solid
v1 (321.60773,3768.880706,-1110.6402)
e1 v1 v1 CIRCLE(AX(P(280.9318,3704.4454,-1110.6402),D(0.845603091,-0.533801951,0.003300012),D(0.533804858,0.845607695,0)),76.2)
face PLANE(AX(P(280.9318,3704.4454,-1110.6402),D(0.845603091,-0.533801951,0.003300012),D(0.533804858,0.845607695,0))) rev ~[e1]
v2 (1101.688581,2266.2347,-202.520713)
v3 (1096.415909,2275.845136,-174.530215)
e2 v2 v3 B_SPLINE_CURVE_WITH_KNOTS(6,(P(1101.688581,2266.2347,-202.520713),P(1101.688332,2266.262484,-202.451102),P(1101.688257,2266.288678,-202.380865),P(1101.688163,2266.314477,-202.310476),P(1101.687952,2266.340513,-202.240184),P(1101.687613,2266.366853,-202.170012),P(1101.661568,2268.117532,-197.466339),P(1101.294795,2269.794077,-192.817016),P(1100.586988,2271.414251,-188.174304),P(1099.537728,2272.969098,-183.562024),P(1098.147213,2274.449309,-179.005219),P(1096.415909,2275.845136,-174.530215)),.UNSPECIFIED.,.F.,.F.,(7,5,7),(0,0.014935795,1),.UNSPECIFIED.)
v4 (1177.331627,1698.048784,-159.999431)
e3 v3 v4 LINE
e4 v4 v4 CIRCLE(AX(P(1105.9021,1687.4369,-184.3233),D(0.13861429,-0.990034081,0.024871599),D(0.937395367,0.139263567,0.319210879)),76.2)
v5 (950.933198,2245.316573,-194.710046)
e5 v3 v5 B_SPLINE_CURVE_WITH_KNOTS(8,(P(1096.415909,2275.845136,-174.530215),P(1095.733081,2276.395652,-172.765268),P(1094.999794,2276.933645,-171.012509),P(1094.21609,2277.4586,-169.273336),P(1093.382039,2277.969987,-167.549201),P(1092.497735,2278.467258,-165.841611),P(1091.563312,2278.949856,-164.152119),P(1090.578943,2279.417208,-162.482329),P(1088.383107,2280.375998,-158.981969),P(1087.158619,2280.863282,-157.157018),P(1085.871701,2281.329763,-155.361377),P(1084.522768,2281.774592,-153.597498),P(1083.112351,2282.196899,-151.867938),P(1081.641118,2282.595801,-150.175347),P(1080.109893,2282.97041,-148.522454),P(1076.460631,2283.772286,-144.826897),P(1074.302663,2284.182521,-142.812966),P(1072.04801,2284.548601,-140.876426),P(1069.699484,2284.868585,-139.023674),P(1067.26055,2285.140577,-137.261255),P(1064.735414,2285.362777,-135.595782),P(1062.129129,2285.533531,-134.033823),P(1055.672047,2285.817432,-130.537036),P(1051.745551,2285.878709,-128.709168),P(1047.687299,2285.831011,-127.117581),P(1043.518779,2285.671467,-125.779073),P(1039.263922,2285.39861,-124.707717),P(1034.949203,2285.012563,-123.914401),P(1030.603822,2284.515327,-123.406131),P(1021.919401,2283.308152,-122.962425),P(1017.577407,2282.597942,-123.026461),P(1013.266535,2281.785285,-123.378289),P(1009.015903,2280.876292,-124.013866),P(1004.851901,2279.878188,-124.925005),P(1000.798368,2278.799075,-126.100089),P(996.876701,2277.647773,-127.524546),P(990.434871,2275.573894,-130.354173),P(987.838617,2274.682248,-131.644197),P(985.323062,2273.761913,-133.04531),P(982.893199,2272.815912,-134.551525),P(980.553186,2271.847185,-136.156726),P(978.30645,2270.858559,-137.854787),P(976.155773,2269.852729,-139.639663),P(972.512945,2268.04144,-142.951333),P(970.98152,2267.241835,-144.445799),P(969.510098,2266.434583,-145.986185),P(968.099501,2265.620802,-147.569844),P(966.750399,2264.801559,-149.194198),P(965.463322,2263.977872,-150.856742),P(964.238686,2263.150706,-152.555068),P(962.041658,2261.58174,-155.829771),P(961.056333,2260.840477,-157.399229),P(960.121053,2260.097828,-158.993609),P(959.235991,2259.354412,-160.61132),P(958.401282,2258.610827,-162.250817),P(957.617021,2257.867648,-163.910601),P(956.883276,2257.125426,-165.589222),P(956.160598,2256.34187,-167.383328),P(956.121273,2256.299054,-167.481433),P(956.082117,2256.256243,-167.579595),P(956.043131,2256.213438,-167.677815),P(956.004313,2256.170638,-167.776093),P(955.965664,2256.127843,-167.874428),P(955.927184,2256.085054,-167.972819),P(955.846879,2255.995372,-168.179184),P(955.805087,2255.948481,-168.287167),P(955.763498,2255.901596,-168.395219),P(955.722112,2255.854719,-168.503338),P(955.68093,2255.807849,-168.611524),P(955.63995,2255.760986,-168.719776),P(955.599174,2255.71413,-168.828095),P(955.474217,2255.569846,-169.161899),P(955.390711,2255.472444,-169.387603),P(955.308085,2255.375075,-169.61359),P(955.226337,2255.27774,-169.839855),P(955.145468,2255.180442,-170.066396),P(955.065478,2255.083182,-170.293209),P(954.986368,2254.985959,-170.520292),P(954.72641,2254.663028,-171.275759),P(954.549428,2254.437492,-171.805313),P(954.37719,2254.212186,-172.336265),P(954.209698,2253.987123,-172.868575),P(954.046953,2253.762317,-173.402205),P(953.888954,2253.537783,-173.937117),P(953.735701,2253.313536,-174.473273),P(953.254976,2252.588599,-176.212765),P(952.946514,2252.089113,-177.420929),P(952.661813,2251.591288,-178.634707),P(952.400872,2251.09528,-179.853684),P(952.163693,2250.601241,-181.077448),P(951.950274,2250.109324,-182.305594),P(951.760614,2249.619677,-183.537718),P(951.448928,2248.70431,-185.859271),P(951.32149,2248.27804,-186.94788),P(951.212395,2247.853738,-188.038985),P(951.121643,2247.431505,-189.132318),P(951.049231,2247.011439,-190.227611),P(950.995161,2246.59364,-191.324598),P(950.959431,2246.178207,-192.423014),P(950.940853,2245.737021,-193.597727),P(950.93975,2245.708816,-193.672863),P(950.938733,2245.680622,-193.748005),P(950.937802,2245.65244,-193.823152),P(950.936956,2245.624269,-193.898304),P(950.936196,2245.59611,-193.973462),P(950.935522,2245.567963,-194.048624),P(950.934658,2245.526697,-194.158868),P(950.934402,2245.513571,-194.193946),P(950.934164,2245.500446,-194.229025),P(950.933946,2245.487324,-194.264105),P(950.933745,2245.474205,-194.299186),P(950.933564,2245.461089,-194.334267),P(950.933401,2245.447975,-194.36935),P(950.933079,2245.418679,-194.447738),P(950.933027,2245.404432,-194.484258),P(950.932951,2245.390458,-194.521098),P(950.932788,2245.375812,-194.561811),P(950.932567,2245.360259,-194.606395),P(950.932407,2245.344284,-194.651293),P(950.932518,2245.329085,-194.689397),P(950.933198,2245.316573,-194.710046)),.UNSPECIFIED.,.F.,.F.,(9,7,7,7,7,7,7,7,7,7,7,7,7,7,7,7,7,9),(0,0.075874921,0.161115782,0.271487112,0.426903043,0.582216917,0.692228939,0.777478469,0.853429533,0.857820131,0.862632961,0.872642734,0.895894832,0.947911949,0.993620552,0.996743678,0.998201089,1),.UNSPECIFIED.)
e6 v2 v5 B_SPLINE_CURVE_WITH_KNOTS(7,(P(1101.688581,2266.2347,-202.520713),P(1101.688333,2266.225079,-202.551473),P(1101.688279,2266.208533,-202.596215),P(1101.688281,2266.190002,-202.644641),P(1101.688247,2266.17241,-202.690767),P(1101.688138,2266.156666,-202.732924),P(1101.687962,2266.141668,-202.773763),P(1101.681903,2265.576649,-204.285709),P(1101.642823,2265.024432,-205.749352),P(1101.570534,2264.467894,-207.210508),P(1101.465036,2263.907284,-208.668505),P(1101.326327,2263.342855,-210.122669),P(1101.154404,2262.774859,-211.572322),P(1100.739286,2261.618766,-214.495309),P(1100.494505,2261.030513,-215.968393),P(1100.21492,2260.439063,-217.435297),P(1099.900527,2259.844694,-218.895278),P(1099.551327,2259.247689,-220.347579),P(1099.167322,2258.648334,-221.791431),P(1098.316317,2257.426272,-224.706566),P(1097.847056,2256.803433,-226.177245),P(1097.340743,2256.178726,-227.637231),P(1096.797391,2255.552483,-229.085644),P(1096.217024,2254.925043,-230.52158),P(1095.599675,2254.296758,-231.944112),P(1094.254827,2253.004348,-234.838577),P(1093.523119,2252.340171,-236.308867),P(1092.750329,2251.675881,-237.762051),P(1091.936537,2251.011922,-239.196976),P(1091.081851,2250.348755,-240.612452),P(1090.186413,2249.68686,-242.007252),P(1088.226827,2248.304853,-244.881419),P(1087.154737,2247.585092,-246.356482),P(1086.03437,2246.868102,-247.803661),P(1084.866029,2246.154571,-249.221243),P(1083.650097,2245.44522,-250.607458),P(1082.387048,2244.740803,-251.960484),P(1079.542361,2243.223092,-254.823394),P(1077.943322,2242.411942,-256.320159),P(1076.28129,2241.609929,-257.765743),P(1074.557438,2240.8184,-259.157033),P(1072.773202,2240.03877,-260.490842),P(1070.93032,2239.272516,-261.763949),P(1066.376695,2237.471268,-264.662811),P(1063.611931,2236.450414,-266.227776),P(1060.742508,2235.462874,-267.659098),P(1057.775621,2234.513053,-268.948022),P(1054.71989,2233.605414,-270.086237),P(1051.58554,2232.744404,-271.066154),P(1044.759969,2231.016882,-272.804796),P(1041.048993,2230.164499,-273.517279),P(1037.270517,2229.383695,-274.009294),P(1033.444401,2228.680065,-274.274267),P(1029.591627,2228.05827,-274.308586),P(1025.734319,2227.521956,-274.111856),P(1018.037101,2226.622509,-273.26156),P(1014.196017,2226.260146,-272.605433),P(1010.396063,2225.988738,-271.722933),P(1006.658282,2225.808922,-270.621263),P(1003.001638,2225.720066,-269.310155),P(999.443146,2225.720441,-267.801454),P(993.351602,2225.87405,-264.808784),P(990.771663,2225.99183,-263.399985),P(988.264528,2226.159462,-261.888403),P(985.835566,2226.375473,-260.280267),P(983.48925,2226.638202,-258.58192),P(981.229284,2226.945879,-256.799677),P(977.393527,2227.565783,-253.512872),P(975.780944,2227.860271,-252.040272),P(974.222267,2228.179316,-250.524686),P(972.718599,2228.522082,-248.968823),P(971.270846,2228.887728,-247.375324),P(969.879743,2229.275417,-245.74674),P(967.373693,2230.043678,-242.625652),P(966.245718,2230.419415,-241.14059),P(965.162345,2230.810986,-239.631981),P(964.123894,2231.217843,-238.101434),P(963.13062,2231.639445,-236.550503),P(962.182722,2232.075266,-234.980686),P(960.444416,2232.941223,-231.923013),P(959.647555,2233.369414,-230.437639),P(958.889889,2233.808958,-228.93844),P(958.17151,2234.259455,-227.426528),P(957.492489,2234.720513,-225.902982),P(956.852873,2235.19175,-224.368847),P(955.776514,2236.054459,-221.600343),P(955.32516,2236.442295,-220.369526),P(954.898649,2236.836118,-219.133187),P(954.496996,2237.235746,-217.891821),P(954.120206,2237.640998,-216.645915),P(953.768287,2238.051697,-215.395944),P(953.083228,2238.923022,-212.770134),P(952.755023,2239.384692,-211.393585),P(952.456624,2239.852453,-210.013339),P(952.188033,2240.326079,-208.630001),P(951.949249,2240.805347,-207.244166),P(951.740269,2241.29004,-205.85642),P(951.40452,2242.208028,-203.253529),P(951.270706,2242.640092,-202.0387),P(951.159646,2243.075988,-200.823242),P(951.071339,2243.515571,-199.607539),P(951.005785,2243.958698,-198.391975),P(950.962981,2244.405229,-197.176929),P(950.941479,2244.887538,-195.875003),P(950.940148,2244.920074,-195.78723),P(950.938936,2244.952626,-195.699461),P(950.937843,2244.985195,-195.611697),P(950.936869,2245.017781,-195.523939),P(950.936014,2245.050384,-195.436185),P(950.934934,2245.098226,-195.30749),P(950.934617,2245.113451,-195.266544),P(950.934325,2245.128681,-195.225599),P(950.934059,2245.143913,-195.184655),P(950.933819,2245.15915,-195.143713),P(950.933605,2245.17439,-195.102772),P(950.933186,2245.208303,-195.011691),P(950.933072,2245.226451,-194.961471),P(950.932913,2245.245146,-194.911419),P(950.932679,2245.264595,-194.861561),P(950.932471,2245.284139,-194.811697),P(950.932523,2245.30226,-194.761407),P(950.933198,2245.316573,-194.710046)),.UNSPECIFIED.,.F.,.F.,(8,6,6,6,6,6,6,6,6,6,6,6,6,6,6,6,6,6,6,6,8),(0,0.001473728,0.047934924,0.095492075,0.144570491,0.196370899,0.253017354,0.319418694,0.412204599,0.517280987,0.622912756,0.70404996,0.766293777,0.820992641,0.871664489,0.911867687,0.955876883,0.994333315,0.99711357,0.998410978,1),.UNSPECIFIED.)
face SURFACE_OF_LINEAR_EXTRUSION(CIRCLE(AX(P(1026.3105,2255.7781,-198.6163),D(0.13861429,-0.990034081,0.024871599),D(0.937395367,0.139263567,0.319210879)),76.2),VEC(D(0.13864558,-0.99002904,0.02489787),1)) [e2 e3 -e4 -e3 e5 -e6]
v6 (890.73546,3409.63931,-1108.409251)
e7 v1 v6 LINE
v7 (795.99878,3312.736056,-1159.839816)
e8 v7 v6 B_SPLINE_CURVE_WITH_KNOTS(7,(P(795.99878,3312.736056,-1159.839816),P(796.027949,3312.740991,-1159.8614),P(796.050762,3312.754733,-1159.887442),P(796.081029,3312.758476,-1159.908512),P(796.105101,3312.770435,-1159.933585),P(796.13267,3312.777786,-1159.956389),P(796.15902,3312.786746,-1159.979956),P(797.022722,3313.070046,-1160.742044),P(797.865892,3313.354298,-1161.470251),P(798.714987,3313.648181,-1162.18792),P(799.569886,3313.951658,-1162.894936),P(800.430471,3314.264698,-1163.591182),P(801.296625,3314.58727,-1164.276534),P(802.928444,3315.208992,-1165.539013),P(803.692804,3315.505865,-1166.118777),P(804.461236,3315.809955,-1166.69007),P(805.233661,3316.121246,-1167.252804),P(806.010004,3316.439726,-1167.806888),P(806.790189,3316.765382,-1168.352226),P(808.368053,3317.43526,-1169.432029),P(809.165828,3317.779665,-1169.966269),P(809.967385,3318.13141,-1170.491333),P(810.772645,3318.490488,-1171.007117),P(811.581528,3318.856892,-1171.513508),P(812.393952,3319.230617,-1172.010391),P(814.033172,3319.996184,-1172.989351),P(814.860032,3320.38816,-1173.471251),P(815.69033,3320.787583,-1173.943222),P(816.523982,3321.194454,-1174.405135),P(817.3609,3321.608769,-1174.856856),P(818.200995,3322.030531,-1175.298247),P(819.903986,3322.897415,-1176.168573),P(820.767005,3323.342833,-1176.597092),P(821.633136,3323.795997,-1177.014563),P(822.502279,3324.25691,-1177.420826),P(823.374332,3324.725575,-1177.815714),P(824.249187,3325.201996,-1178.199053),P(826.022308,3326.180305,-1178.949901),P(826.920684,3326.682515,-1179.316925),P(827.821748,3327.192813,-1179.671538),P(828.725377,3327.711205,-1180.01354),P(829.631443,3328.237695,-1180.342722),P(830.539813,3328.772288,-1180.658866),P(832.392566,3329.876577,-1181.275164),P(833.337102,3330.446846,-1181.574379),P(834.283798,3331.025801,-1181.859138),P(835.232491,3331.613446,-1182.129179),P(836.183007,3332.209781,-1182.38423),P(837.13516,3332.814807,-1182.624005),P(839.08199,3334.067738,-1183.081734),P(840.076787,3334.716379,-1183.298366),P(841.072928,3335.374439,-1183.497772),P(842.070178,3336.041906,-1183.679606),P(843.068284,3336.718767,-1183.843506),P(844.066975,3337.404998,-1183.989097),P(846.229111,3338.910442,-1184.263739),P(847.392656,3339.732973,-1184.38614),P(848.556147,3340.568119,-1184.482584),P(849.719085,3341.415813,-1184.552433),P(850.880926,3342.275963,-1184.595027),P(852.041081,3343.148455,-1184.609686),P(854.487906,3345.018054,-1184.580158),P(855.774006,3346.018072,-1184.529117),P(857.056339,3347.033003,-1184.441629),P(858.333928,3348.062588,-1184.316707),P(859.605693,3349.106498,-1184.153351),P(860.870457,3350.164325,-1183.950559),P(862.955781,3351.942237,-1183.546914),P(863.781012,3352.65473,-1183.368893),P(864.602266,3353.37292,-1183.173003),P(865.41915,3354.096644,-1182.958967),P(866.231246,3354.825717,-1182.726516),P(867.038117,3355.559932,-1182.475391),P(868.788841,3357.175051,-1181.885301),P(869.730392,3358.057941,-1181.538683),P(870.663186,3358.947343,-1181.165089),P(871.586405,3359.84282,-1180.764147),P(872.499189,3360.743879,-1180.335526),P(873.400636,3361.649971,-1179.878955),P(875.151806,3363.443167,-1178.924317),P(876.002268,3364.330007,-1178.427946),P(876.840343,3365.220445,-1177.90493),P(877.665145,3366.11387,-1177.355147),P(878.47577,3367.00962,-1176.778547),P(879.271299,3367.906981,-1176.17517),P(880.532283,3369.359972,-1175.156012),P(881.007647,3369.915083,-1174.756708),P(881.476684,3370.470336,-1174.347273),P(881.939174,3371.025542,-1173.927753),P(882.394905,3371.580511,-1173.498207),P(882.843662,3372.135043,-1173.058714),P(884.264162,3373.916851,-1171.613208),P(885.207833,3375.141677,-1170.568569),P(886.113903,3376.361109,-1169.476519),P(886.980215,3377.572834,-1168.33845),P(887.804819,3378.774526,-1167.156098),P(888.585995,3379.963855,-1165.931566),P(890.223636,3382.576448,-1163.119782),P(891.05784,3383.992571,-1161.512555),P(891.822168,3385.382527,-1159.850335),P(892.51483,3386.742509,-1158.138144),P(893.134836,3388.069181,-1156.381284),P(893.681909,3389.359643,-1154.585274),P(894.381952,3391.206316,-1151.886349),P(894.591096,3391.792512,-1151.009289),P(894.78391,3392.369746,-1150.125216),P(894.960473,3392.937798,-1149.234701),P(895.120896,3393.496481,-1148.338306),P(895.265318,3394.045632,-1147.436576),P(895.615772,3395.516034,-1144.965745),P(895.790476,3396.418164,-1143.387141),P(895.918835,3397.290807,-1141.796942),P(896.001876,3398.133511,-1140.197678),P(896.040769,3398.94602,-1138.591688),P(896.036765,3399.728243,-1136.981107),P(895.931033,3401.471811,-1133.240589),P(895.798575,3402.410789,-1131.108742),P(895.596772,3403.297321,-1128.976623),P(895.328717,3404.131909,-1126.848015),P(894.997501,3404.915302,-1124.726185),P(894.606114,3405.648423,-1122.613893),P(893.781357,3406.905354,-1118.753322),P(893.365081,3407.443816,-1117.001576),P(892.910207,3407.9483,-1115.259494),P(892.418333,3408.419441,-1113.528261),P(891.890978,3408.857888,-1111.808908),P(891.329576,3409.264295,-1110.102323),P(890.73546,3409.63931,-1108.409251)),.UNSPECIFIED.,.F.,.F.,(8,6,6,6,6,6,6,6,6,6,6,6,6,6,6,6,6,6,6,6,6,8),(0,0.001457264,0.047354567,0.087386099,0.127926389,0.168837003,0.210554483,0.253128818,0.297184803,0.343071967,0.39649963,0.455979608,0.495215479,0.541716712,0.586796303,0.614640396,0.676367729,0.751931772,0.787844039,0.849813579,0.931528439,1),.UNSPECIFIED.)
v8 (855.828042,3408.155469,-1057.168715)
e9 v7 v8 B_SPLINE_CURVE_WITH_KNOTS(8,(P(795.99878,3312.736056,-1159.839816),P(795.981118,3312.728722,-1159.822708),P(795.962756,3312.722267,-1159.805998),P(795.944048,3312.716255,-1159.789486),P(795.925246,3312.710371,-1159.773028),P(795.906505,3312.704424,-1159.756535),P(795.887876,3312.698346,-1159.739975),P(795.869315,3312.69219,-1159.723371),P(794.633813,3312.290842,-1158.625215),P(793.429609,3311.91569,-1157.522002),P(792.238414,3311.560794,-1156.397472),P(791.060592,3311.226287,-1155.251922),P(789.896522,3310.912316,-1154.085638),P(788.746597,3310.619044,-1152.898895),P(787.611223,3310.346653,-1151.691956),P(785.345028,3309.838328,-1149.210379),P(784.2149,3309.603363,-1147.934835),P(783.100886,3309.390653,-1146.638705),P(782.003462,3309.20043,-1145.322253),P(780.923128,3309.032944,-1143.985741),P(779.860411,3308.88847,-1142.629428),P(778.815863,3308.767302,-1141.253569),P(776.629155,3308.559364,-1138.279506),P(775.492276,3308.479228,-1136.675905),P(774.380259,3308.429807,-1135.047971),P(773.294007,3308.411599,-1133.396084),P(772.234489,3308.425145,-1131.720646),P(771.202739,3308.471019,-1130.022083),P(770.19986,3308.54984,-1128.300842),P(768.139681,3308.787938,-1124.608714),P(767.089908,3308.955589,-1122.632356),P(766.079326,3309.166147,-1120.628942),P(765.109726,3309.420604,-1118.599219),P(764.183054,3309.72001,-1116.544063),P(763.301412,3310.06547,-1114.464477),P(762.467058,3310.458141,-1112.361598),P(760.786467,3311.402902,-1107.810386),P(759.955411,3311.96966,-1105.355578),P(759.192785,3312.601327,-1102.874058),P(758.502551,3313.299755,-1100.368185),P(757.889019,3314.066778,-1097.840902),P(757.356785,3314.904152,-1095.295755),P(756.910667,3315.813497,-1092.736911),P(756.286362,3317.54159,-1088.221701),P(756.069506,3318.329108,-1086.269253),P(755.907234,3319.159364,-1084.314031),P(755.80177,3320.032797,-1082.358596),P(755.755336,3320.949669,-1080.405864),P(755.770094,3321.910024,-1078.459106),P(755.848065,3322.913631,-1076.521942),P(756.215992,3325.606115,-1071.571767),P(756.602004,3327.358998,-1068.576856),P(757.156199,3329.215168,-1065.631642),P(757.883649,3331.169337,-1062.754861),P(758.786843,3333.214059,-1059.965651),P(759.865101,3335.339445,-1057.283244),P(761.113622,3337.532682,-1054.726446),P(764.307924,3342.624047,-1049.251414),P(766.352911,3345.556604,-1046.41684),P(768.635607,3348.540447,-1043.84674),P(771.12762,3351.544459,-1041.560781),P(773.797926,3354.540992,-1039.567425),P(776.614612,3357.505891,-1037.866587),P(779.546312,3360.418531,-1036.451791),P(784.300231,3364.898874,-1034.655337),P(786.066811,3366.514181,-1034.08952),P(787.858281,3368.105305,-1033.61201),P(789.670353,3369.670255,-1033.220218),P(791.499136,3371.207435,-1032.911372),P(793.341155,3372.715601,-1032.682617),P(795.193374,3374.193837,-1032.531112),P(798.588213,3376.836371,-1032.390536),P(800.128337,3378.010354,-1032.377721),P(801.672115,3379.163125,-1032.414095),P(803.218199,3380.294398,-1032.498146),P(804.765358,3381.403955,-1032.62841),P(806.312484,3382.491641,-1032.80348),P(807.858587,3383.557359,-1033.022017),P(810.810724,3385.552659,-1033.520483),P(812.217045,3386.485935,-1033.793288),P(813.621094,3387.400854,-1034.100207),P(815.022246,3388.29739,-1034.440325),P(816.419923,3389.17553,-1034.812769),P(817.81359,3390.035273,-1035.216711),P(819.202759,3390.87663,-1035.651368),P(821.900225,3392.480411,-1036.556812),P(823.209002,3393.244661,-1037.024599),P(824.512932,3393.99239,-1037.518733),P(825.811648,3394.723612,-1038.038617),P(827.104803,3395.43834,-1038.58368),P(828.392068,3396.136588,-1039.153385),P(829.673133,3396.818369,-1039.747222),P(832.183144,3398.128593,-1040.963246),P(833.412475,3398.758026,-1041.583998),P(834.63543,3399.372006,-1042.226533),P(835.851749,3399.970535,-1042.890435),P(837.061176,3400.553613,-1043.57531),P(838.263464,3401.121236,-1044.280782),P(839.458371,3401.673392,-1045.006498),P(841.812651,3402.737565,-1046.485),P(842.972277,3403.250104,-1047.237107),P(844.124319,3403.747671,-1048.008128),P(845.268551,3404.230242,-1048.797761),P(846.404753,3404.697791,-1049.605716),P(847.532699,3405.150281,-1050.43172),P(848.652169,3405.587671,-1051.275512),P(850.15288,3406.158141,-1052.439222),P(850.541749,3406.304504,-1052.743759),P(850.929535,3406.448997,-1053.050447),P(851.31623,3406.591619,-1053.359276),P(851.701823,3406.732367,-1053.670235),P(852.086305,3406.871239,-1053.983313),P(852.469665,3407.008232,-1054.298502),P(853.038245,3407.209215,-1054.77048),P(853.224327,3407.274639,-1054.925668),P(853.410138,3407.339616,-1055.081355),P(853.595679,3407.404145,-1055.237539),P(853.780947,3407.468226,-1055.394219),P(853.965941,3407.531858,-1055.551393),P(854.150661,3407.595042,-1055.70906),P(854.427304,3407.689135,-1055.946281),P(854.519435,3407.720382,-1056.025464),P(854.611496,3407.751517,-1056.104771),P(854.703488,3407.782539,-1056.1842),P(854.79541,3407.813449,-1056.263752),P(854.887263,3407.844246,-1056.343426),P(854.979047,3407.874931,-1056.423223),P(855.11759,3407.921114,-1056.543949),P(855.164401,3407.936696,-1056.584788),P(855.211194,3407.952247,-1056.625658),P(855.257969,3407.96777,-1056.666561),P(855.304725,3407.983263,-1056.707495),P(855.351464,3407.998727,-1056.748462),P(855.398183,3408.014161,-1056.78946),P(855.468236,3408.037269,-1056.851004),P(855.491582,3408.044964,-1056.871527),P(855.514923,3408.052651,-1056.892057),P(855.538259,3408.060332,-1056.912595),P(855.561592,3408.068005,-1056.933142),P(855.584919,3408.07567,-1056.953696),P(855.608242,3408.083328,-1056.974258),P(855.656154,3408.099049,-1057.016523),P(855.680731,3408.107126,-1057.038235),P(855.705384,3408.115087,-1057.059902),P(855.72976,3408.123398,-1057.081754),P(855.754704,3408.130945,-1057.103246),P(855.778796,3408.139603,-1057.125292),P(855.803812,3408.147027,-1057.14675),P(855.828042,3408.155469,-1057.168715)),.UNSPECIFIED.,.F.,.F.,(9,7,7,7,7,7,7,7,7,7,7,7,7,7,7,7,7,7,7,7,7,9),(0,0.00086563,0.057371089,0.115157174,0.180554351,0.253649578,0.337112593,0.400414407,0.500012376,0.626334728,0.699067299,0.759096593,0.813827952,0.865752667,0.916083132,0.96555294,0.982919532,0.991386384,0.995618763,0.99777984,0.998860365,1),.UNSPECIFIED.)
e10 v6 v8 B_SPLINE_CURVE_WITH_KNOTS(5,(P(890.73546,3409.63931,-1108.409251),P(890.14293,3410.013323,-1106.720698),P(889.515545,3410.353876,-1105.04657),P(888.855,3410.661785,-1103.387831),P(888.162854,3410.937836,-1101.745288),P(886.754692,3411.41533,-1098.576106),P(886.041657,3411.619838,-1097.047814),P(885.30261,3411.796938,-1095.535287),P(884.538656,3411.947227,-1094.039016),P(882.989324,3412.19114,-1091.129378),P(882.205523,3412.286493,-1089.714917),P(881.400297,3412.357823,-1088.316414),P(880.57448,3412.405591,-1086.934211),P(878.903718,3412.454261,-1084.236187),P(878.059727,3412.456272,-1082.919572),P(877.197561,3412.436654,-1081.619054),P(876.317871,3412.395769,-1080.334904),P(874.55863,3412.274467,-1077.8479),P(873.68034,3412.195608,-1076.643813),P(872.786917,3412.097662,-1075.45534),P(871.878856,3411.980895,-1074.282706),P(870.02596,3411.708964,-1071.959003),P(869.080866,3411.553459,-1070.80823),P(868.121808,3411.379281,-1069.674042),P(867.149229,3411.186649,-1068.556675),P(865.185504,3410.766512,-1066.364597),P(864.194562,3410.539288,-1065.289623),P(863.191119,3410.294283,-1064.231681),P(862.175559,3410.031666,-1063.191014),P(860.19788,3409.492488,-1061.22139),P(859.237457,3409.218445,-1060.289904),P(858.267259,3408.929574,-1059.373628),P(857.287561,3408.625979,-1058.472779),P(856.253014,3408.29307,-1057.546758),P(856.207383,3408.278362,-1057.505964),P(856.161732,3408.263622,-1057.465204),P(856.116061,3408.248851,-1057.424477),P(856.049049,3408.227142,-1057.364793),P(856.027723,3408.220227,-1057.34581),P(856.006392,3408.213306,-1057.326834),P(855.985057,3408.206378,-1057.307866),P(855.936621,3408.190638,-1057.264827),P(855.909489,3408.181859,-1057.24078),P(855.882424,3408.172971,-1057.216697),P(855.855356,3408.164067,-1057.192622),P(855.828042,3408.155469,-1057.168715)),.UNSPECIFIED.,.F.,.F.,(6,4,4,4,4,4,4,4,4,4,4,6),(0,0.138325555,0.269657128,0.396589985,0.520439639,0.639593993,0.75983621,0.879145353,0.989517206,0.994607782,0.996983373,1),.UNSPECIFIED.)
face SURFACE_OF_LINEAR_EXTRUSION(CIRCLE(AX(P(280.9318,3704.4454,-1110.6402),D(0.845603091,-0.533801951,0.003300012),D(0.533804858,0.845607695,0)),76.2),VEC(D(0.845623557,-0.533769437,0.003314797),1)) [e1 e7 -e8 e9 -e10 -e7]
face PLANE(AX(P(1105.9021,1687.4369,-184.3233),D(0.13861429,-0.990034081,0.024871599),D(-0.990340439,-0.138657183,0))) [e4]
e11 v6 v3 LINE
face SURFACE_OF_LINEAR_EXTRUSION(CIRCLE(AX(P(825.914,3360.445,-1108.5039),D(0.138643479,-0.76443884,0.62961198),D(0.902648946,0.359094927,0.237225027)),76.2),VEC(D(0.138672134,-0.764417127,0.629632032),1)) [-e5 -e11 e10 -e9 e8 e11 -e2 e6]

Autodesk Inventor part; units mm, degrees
ref_plane "YZ Plane" through (0, 0, 0) normal (1, 0, 0) x (0, 1, 0)
ref_plane "XZ Plane" through (0, 0, 0) normal (0, 1, 0) x (-1, 0, 0)
ref_plane "XY Plane" through (0, 0, 0) normal (0, 0, 1) x (1, 0, 0)
ref_plane "Work Plane1" through (280.9318, 3704.4454, -1110.6402) normal (0.8456, -0.5338, 0.0033) x (0.5338, 0.8456, 0)
sketch "Sketch1" plane through (280.9318, 3704.4454, -1110.6402) normal (0.8456, -0.5338, 0.0033) x (0.5338, 0.8456, 0)
  circle A0 centre (0, 0) radius 76.2
  point P0 (-3282.5371, 1104.8673)
  dimension "d2" = 152.4
sketch3d "3D Sketch1"
  line L0 (280.9318, 3704.4454, -1110.6402) -> (825.914, 3360.445, -1108.5039)
  line L1 (825.914, 3360.445, -1108.5039) -> (1026.3105, 2255.7781, -198.6163)
  line L2 (1026.3105, 2255.7781, -198.6163) -> (1105.9021, 1687.4369, -184.3233)
sweep "Sweep1" add profiles "Sketch1" path "3D Sketch1"
properties part number "dry_pipe"
